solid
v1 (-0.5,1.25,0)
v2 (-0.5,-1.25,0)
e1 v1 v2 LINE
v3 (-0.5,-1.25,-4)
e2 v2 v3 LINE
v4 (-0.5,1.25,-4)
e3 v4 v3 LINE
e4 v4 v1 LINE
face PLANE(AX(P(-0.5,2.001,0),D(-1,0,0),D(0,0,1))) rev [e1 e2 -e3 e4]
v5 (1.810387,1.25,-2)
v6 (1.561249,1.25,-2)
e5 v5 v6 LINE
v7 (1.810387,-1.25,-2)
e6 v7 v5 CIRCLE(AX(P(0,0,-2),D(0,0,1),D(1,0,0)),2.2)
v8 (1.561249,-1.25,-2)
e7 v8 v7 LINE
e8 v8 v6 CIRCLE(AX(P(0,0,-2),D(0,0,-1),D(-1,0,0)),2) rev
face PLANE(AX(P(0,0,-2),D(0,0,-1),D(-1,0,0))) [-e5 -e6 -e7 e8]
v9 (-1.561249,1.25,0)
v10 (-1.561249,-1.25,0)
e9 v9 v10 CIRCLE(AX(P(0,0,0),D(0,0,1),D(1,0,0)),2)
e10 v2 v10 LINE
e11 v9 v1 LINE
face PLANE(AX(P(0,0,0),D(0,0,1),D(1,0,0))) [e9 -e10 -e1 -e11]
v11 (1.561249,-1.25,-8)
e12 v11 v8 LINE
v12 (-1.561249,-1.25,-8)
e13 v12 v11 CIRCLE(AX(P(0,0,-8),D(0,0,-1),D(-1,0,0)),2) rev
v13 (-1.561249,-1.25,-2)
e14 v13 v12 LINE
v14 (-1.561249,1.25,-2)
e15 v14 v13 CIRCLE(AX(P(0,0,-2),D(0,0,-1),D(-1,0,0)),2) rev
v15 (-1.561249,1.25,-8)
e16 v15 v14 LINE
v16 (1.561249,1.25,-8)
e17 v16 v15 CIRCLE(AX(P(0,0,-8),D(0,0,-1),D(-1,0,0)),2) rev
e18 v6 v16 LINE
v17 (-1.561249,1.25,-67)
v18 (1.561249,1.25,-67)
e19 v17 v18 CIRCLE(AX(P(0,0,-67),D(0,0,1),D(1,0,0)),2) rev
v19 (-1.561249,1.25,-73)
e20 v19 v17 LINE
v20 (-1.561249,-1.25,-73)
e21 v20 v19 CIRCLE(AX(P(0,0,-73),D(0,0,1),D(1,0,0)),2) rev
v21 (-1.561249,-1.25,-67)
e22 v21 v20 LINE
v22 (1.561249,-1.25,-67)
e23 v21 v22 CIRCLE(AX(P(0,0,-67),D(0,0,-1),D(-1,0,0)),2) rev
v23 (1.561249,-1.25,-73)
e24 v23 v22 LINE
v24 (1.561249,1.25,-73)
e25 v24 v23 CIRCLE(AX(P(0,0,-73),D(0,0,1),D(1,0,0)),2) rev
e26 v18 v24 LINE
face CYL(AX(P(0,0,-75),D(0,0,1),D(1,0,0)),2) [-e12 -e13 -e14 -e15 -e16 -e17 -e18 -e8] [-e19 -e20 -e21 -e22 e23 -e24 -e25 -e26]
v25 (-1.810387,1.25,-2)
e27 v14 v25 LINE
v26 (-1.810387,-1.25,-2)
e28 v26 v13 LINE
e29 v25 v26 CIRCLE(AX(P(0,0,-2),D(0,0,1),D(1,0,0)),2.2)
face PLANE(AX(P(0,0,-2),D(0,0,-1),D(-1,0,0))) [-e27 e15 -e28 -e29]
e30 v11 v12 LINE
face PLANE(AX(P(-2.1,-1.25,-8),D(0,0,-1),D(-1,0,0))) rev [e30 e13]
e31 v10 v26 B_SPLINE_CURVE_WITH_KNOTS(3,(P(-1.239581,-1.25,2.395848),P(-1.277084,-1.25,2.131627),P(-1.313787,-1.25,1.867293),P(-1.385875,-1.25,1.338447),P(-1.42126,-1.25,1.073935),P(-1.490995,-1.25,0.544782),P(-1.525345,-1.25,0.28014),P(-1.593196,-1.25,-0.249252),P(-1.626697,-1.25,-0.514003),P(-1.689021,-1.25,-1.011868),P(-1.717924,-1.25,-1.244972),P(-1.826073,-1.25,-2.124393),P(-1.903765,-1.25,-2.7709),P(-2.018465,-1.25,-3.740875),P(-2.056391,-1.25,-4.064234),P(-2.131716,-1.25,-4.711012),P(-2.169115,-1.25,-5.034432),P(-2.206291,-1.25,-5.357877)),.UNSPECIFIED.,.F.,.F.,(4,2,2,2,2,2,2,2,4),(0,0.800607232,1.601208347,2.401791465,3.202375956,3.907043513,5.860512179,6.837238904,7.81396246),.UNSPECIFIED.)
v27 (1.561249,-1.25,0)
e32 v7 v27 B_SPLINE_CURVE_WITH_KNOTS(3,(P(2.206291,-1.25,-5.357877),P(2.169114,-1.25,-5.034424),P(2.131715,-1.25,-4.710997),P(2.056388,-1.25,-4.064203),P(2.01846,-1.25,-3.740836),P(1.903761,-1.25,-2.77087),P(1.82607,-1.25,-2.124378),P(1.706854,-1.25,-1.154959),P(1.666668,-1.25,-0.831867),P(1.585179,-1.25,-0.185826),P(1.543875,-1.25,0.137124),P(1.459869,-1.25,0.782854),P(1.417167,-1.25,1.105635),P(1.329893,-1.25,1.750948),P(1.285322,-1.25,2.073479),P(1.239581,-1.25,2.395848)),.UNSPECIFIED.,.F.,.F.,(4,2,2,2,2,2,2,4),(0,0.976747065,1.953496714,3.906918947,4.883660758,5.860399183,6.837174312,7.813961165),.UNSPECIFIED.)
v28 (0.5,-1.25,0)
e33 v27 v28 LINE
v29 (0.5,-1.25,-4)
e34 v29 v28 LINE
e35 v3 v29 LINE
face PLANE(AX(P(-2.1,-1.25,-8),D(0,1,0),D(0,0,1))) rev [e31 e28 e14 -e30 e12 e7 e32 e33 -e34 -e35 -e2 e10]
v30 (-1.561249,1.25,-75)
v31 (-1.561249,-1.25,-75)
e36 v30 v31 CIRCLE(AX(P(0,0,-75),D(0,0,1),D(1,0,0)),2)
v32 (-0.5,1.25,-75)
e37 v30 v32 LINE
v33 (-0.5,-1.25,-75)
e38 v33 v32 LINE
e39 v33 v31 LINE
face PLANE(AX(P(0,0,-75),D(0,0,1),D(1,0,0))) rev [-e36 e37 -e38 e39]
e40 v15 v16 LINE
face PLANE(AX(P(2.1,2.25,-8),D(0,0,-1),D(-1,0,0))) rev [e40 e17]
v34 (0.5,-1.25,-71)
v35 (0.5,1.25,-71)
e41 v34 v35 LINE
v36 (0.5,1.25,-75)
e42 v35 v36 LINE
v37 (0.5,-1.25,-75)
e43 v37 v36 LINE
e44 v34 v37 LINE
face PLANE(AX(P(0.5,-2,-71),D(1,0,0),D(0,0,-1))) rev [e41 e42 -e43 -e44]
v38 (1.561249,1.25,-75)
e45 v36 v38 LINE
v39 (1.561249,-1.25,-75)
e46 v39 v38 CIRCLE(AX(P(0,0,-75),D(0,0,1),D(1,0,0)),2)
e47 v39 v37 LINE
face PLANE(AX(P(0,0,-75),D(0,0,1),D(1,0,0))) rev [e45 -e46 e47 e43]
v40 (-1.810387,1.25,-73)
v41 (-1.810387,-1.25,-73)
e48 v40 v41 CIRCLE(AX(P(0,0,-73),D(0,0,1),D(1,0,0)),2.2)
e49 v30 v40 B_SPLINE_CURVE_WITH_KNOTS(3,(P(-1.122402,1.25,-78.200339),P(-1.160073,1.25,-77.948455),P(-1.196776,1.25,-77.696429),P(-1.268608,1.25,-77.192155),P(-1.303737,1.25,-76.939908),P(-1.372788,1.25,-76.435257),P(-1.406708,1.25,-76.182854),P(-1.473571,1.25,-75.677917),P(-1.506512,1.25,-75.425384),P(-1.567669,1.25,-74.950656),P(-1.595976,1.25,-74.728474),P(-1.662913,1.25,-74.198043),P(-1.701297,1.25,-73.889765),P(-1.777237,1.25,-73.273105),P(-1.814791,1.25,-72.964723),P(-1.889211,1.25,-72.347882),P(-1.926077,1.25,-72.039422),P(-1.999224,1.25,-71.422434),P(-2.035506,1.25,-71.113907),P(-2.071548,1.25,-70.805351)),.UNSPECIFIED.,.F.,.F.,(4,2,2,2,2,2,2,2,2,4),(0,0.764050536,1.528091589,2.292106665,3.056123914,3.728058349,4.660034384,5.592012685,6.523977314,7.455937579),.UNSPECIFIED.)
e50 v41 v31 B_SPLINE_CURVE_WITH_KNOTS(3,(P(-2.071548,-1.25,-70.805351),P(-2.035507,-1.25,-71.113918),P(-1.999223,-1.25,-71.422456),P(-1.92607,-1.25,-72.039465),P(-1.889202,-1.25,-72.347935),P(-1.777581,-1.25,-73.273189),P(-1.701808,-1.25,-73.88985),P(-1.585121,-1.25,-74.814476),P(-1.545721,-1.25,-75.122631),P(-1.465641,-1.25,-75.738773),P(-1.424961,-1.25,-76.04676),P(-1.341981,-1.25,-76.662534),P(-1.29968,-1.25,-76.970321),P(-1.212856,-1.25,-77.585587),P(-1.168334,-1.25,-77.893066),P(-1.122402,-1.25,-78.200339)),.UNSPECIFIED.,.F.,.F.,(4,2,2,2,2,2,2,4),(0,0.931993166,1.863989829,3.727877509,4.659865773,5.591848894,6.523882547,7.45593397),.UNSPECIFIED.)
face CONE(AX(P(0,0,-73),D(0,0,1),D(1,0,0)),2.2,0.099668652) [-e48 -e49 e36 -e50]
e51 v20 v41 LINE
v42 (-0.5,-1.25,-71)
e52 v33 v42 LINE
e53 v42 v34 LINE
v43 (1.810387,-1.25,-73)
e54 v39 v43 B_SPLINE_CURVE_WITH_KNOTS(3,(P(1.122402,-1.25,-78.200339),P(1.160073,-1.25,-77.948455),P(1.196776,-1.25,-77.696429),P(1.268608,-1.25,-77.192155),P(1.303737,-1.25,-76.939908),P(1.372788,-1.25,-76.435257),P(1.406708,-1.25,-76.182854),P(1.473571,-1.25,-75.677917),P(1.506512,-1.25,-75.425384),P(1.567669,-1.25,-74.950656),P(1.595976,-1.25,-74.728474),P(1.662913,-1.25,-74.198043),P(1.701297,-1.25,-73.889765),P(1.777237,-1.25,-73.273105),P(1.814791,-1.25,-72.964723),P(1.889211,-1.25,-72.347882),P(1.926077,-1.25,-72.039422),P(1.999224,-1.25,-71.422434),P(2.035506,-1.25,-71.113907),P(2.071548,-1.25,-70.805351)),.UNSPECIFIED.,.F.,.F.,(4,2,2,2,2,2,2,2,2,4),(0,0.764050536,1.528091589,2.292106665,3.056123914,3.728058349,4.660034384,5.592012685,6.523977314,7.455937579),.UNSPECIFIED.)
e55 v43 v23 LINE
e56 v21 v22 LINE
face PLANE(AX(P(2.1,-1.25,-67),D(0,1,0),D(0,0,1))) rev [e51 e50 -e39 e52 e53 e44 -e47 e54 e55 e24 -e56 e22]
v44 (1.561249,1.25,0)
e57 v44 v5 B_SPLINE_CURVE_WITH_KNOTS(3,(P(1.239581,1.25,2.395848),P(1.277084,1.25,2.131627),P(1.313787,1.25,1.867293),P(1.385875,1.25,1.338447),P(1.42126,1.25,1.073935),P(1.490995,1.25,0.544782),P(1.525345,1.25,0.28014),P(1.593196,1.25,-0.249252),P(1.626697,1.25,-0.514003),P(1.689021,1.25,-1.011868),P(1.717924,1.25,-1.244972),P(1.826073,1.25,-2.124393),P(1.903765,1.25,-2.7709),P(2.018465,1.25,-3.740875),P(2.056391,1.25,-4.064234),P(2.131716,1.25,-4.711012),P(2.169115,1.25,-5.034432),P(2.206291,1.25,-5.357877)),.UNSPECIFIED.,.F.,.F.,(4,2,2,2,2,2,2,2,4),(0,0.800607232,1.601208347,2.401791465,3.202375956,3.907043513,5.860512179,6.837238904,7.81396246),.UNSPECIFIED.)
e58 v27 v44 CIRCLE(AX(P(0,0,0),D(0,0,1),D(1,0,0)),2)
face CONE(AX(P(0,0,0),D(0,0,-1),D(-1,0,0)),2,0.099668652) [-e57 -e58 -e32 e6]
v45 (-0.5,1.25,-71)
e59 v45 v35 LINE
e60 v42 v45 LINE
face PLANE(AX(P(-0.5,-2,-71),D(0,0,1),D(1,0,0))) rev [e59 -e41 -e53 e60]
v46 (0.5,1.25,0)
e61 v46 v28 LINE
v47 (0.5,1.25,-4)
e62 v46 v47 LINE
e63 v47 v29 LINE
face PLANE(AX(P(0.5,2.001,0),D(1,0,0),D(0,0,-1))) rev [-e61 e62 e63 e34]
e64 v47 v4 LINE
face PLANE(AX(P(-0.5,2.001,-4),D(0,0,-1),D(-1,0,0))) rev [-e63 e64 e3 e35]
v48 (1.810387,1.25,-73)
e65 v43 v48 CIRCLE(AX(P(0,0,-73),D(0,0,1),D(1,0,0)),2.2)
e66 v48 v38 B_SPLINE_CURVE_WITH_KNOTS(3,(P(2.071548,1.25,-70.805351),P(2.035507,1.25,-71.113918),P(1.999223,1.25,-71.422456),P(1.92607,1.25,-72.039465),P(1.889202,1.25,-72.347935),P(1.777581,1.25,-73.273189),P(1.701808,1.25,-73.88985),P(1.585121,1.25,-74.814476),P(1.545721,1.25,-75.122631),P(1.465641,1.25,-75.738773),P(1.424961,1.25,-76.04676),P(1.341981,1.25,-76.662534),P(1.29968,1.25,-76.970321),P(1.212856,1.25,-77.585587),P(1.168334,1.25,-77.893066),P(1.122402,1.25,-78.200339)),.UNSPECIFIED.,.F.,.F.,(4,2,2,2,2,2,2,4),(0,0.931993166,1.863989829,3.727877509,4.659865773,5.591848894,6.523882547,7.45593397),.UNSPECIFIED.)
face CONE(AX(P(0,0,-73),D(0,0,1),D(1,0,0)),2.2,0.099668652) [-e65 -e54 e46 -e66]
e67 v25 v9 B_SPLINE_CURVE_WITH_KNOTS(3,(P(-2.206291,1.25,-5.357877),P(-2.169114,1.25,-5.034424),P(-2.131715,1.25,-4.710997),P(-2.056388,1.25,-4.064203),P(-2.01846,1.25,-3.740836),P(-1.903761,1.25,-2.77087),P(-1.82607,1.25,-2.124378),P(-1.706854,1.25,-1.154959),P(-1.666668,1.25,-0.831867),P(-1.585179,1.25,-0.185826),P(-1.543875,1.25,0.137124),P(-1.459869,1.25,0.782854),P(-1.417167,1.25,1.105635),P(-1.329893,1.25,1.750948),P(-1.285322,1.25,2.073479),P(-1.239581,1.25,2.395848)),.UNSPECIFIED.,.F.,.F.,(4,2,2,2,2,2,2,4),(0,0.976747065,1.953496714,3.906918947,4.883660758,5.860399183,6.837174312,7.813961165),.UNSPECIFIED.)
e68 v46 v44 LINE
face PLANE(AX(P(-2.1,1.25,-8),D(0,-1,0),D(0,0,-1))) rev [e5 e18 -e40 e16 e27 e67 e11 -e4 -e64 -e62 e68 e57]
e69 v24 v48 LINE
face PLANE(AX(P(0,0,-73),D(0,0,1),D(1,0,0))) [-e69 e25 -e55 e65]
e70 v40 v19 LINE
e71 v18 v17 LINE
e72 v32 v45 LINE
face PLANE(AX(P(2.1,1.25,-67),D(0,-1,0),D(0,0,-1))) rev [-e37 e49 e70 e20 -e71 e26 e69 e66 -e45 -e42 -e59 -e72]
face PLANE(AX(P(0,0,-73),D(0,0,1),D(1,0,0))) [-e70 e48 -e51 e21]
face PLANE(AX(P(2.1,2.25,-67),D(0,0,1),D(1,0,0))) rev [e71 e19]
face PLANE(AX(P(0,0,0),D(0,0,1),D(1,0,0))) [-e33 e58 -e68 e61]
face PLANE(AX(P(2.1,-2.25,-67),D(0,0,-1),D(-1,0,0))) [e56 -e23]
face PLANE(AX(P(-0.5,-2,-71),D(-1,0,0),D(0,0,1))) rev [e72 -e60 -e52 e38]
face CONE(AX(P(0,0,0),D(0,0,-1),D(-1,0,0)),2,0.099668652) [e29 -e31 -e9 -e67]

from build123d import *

# Parameters (mm, degrees)
SKETCH_1_R          = 2
EXTRUDE_1_DEPTH     = 75
SKETCH_3_W          = 4.2
SKETCH_3_H          = 1
CUT_EXTRUDE_1_DEPTH = 8
CUT_EXTRUDE_2_REACH = 77.103
SKETCH_4_W          = 1
SKETCH_4_H          = 4
SKETCH_6_W          = 4.2
SKETCH_6_H          = 1
CUT_EXTRUDE_3_DEPTH = 8
SKETCH_7_W          = 1
SKETCH_7_H          = 4
CUT_EXTRUDE_4_DEPTH = 76.102613137


with BuildPart() as part:
    # 草图1 → 凸台-拉伸1 (new body)
    with BuildSketch(Plane.XY):
        Circle(SKETCH_1_R)
    extrude(amount=-EXTRUDE_1_DEPTH)

    # 草图2 → 旋转1 (revolve)
    with BuildSketch(Plane(origin=(0, 0, 0), x_dir=(1, 0, 0), z_dir=(0, 1, 0))):
        Polygon((0, 0), (0, 2), (2.2, 2), (2, 0), align=None)
    revolve(axis=Axis((0, 0, 0), (0, 0, -1)))

    # 草图3 → 切除-拉伸1 (cut)
    with BuildSketch(Plane.XY):
        with Locations((0, 1.75)):
            Rectangle(SKETCH_3_W, SKETCH_3_H)
        with Locations((0, -1.75)):
            Rectangle(SKETCH_3_W, SKETCH_3_H)
    extrude(amount=-CUT_EXTRUDE_1_DEPTH, mode=Mode.SUBTRACT)

    # 草图4 → 切除-拉伸2 (cut, up to next)
    with BuildSketch(Plane.XZ.offset(1.25), mode=Mode.PRIVATE) as cut_extrude_2_sk1:
        with Locations((0, -2)):
            Rectangle(SKETCH_4_W, SKETCH_4_H)
    cut_extrude_2_tool1 = extrude(cut_extrude_2_sk1.sketch, amount=-CUT_EXTRUDE_2_REACH, mode=Mode.PRIVATE) & part.part
    add(cut_extrude_2_tool1.solids().sort_by_distance((0, -1.25, -2))[0], mode=Mode.SUBTRACT)

    # 草图5 → 旋转2 (revolve)
    with BuildSketch(Plane(origin=(0, 0, 0), x_dir=(1, 0, 0), z_dir=(0, 1, 0))):
        Polygon((0, 75), (0, 73), (2.2, 73), (2, 75), align=None)
    revolve(axis=Axis((0, 0, -58.137689197), (0, 0, -1)))

    # 草图6 → 切除-拉伸3 (cut)
    with BuildSketch(Plane(origin=(0, 0, -75), x_dir=(-1, 0, 0), z_dir=(0, 0, -1))):
        with Locations((0, 1.75)):
            Rectangle(SKETCH_6_W, SKETCH_6_H)
        with Locations((0, -1.75)):
            Rectangle(SKETCH_6_W, SKETCH_6_H)
    extrude(amount=-CUT_EXTRUDE_3_DEPTH, mode=Mode.SUBTRACT)

    # 草图7 → 切除-拉伸4 (cut, through all)
    with BuildSketch(Plane(origin=(0, 1.25, 0), x_dir=(1, 0, 0), z_dir=(0, 1, 0))):
        with Locations((0, 73)):
            Rectangle(SKETCH_7_W, SKETCH_7_H)
    extrude(amount=-CUT_EXTRUDE_4_DEPTH, mode=Mode.SUBTRACT)


solid = part.part
